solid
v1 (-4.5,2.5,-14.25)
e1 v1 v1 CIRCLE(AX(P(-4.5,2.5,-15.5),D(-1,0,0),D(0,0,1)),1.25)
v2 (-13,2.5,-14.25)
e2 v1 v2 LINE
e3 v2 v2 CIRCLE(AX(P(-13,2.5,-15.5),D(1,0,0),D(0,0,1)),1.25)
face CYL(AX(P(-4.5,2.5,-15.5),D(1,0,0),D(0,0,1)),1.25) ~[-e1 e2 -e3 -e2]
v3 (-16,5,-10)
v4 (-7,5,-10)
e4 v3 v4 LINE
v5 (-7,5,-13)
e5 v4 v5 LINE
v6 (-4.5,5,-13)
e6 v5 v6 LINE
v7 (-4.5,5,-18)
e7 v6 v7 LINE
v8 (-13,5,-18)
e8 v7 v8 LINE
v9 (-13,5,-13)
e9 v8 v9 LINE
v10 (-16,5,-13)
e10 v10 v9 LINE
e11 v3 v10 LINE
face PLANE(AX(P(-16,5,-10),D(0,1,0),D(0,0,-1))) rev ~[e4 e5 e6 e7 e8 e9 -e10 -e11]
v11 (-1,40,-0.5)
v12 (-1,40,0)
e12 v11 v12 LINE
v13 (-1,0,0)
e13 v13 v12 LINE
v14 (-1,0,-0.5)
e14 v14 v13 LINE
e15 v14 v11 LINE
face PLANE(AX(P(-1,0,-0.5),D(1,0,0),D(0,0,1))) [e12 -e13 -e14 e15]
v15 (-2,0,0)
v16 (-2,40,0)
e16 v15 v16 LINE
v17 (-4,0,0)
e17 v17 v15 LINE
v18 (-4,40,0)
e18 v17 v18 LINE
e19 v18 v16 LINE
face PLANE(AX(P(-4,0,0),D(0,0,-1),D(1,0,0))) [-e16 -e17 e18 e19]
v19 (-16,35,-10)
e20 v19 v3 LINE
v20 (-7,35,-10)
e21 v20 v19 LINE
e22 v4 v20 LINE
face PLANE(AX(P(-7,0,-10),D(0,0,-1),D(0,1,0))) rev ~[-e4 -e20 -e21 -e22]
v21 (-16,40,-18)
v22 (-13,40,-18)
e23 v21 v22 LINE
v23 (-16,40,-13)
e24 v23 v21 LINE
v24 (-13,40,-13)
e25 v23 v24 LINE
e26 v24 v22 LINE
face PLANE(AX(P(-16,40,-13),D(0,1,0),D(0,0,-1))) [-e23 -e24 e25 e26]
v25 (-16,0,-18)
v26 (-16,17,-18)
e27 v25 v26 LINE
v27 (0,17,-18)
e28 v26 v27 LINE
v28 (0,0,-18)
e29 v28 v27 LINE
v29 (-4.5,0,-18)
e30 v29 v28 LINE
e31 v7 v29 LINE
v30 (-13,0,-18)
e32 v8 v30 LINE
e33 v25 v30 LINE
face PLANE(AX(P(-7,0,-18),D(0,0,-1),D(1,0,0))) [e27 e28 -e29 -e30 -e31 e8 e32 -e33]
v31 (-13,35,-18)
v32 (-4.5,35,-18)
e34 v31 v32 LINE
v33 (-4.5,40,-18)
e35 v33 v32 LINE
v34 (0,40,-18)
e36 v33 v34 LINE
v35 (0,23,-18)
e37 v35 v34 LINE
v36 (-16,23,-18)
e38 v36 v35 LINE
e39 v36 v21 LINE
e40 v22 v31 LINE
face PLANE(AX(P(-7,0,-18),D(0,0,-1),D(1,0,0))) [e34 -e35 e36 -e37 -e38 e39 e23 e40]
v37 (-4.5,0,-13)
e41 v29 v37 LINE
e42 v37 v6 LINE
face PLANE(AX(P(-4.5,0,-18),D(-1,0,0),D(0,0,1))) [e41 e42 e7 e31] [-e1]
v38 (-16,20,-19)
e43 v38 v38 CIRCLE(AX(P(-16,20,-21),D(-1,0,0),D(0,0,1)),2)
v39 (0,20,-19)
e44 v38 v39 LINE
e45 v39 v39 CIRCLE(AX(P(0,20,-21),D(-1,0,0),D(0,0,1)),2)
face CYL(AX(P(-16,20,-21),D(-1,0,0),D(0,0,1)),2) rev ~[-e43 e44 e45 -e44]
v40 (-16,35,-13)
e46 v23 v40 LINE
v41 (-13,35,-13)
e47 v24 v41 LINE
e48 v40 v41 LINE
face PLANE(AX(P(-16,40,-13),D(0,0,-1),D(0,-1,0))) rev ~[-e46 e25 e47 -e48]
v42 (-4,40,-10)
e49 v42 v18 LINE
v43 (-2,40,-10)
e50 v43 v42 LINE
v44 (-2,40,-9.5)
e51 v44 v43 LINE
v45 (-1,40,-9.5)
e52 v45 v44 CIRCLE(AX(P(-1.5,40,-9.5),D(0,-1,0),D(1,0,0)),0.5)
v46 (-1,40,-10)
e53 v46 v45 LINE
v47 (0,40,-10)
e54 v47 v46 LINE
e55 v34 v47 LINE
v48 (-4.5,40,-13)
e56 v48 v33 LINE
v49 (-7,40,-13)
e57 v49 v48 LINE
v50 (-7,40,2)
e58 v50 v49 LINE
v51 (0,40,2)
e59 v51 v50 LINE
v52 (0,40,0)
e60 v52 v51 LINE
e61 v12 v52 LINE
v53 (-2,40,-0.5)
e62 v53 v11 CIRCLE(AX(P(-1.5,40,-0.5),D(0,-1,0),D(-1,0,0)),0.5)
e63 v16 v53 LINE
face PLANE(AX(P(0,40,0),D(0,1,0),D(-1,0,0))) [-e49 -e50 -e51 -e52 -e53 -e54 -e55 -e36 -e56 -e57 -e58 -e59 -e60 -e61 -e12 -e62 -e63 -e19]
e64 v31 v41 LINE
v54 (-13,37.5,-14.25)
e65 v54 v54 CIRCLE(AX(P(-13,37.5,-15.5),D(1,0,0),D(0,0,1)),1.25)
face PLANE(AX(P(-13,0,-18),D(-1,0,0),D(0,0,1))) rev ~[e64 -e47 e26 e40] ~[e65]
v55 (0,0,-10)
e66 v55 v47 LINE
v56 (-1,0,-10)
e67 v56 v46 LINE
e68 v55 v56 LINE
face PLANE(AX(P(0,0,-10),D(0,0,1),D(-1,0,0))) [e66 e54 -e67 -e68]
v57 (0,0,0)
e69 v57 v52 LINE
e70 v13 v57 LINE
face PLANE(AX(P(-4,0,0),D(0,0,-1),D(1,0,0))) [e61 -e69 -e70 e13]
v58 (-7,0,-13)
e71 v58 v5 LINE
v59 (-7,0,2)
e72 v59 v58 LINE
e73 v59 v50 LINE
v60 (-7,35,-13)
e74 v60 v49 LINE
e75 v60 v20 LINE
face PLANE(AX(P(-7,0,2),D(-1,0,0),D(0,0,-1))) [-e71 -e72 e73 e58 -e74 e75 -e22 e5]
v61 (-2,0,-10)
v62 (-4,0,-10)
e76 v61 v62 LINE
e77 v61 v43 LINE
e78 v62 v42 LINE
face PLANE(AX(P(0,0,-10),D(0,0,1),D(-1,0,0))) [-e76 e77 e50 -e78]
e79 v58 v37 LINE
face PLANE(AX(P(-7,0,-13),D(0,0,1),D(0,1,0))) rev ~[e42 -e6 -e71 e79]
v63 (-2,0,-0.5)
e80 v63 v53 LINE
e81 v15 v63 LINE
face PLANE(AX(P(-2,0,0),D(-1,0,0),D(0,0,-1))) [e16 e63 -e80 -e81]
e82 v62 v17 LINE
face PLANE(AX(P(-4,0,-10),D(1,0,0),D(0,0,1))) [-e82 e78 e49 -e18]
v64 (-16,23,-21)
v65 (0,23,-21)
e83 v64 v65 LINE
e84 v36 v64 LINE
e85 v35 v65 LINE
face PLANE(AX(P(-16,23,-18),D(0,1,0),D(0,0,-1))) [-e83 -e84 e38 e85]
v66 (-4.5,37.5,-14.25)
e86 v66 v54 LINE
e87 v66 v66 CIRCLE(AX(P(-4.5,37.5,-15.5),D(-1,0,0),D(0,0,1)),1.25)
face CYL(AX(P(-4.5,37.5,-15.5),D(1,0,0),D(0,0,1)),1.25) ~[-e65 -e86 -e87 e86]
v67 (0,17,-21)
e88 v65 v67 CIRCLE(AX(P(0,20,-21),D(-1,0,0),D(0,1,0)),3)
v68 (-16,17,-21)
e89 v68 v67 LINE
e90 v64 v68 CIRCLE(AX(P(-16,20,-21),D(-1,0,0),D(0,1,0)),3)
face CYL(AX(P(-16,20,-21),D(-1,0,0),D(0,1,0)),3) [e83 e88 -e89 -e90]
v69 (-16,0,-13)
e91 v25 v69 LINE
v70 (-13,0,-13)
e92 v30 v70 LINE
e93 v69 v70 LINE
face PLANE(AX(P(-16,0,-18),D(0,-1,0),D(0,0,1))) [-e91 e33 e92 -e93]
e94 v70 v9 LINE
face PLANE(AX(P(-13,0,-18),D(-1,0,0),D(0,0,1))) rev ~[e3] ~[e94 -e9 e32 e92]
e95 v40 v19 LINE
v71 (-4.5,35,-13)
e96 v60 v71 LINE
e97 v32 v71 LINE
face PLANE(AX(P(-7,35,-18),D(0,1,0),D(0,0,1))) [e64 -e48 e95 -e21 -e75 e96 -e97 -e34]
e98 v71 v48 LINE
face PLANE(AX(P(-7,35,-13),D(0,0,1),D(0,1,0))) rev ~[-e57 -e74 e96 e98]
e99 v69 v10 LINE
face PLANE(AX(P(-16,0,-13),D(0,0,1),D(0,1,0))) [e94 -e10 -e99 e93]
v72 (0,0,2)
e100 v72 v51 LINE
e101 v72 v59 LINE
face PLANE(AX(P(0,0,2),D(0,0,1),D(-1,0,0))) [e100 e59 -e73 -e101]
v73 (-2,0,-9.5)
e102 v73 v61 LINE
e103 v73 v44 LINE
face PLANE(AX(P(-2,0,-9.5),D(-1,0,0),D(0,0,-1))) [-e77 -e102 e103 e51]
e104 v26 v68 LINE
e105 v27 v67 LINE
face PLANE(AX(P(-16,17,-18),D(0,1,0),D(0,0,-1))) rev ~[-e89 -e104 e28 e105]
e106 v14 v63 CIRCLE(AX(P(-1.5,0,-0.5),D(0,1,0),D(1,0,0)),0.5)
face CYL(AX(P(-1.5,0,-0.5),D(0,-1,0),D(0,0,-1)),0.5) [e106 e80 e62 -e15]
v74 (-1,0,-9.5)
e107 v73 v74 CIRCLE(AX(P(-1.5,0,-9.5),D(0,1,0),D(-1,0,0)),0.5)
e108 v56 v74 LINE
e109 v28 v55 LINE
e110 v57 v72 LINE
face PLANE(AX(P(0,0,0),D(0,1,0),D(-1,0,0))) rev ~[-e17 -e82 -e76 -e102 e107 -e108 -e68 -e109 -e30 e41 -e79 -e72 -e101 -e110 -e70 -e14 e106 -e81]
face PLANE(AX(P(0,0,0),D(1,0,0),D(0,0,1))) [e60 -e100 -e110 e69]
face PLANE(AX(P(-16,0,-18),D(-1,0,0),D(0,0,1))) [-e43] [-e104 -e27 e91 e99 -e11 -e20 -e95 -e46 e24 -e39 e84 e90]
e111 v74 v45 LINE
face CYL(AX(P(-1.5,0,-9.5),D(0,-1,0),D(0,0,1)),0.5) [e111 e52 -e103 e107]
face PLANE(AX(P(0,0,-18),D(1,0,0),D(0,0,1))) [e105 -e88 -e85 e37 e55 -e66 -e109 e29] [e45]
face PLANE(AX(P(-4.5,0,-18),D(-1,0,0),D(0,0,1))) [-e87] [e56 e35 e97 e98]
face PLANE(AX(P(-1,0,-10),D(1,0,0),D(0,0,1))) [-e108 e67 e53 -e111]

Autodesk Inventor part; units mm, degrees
ref_plane "YZ Plane" through (0, 0, 0) normal (1, 0, 0) x (0, 1, 0)
ref_plane "XZ Plane" through (0, 0, 0) normal (0, 1, 0) x (-1, 0, 0)
ref_plane "XY Plane" through (0, 0, 0) normal (0, 0, 1) x (1, 0, 0)
sketch "Sketch1" plane through (0, 0, 0) normal (0, 1, 0) x (-1, 0, 0)
  line L0 (0, 0) -> (0, 2)
  line L1 (0, 2) -> (7, 2)
  line L2 (7, 2) -> (7, -18)
  line L3 (7, -18) -> (0, -18)
  line L4 (0, -18) -> (0, -10)
  line L5 (0, -10) -> (4, -10)
  line L6 (4, -10) -> (4, 0)
  line L7 (4, 0) -> (0, 0)
  dimension "d0" = 2
  dimension "d1" = 7
  dimension "d2" = 20
  dimension "d3" = 7
  dimension "d4" = 8
  dimension "d5" = 4
  dimension "d6" = 10
extrude "Extrusion1" add sketch "Sketch1" along normal blind 40
sketch "Sketch5" plane through (0, 0, 0) normal (0, -1, 0) x (1, 0, 0)
  line L0 (-1, -10) -> (-1, -9.5)
  line L1 (-1.5, -9) -> (-1.5, -9)
  line L2 (-2, -9.5) -> (-2, -10)
  line L3 (-2, -10) -> (-1, -10)
  line L4 (-1, -0.5) -> (-1, 0)
  line L5 (-1, 0) -> (-2, 0)
  line L6 (-2, 0) -> (-2, -0.5)
  line L7 (-1.5, -1) -> (-1.5, -1)
  arc A0 (-1.5, -9) -> (-2, -9.5) centre (-1.5, -9.5) ccw
  arc A1 (-1, -9.5) -> (-1.5, -9) centre (-1.5, -9.5) ccw
  arc A2 (-2, -0.5) -> (-1.5, -1) centre (-1.5, -0.5) ccw
  arc A3 (-1.5, -1) -> (-1, -0.5) centre (-1.5, -0.5) ccw
  point P0 (0, 0)
  point P1 (-1, -9)
  point P2 (-2, -9)
  point P3 (-1, -1)
  point P4 (-2, -1)
  point P5 (-1.5, 0)
  point P6 (-1.5, -10)
  point P7 (0, -10)
  dimension "d35" = 1
  dimension "d36" = 1
  dimension "d37" = 1
  dimension "d38" = 1
  dimension "d39" = 1
  dimension "d40" = 1
  dimension "d41" = 0.5
  dimension "d42" = 1
  dimension "d43" = 1
extrude "Extrusion2" add sketch "Sketch5" against normal blind 40
sketch "Sketch7" plane through (-7, 0, -18) normal (-1, 0, 0) x (0, 0, 1)
  line L0 (8, 0) -> (8, 5)
  line L1 (8, 0) -> (8, 40) projected
  line L2 (8, 5) -> (0, 5)
  line L3 (0, 0) -> (0, 40) projected
  line L4 (0, 35) -> (8, 35)
  line L5 (8, 40) -> (8, 0)
  line L6 (0, 0) -> (8, 0) projected
  point P0 (18, 0)
  dimension "d51" = 5
extrude "Extrusion4" add sketch "Sketch7" along normal blind 9
sketch "Sketch8" plane through (-16, 0, -18) normal (-1, 0, 0) x (0, 0, 1)
  line L0 (0, 40) -> (20, 40) projected
  line L1 (20, 0) -> (8, 0) projected
  line L2 (0, 40) -> (0, 23)
  line L3 (0, 0) -> (0, 40) projected
  line L4 (0, 23) -> (-3, 23)
  line L5 (0, 0) -> (0, 17)
  line L6 (0, 17) -> (-3, 17)
  arc A0 (-3, 23) -> (-3, 17) centre (-3, 20) ccw
  circle A1 centre (-3, 20) radius 2
  point P0 (18, 0)
  dimension "d56" = 40
  dimension "d57" = 17
  dimension "d58" = 3
  dimension "d59" = 17
  dimension "d60" = 3
  dimension "d61" = 4
extrude "Extrusion5" add sketch "Sketch8" against normal blind 16
sketch "Sketch10" plane through (-7, 0, -18) normal (-1, 0, 0) x (0, 0, 1)
  line L0 (0, 0) -> (5, 0)
  line L1 (5, 0) -> (5, 5)
  line L2 (5, 5) -> (0, 5)
  line L3 (0, 5) -> (0, 0)
  line L4 (0, 35) -> (5, 35)
  line L5 (5, 35) -> (5, 40)
  line L6 (5, 40) -> (0, 40)
  line L7 (0, 40) -> (0, 35)
  point P0 (18, 0)
  dimension "d64" = 5
  dimension "d65" = 5
  dimension "d66" = 5
  dimension "d67" = 5
extrude "Extrusion6" cut sketch "Sketch10" against normal blind 2.5
sketch "Sketch11" plane through (-16, 0, -18) normal (-1, 0, 0) x (0, 0, 1)
  line L0 (0, 0) -> (8, 0)
  line L1 (8, 0) -> (8, 5)
  line L2 (8, 5) -> (0, 5)
  line L3 (0, 5) -> (0, 0)
  point P0 (18, 0)
  dimension "d70" = 8
  dimension "d71" = 5
extrude "Extrusion7" cut sketch "Sketch11" against normal blind 9
sketch "Sketch12" plane through (-4.5, 0, -18) normal (-1, 0, 0) x (0, 0, 1)
  circle A0 centre (2.5, 2.5) radius 1.25
  circle A1 centre (2.5, 37.5) radius 1.25
  point P0 (18, 0)
  dimension "d74" = 2.5
  dimension "d75" = 2.5
extrude "Extrusion8" add sketch "Sketch12" along normal blind 11.5
sketch "Sketch14" plane through (-16, 0, -18) normal (-1, 0, 0) x (0, 0, 1)
  line L0 (0, 35) -> (5, 35)
  line L1 (5, 40) -> (5, 35) projected
  line L2 (5, 35) -> (5, 40)
  line L3 (5, 40) -> (0, 40)
  line L4 (8, 40) -> (0, 40) projected
  line L5 (0, 40) -> (0, 35)
  line L6 (0, 23) -> (0, 40) projected
  line L7 (0, 5) -> (0, 0)
  line L8 (0, 0) -> (5, 0)
  line L9 (5, 0) -> (5, 5)
  line L10 (0, 5) -> (8, 5) projected
  line L11 (5, 5) -> (0, 5)
  line L12 (0, 5) -> (5, 5) projected
  point P0 (18, 0)
extrude "Extrusion9" add sketch "Sketch14" against normal blind 3
sketch "Sketch4" plane through (-4, 0, 0) normal (1, 0, 0) x (0, 0, -1)
  point P0 (5, 30)
  point P1 (5, 10)
properties part number "Karetka"
